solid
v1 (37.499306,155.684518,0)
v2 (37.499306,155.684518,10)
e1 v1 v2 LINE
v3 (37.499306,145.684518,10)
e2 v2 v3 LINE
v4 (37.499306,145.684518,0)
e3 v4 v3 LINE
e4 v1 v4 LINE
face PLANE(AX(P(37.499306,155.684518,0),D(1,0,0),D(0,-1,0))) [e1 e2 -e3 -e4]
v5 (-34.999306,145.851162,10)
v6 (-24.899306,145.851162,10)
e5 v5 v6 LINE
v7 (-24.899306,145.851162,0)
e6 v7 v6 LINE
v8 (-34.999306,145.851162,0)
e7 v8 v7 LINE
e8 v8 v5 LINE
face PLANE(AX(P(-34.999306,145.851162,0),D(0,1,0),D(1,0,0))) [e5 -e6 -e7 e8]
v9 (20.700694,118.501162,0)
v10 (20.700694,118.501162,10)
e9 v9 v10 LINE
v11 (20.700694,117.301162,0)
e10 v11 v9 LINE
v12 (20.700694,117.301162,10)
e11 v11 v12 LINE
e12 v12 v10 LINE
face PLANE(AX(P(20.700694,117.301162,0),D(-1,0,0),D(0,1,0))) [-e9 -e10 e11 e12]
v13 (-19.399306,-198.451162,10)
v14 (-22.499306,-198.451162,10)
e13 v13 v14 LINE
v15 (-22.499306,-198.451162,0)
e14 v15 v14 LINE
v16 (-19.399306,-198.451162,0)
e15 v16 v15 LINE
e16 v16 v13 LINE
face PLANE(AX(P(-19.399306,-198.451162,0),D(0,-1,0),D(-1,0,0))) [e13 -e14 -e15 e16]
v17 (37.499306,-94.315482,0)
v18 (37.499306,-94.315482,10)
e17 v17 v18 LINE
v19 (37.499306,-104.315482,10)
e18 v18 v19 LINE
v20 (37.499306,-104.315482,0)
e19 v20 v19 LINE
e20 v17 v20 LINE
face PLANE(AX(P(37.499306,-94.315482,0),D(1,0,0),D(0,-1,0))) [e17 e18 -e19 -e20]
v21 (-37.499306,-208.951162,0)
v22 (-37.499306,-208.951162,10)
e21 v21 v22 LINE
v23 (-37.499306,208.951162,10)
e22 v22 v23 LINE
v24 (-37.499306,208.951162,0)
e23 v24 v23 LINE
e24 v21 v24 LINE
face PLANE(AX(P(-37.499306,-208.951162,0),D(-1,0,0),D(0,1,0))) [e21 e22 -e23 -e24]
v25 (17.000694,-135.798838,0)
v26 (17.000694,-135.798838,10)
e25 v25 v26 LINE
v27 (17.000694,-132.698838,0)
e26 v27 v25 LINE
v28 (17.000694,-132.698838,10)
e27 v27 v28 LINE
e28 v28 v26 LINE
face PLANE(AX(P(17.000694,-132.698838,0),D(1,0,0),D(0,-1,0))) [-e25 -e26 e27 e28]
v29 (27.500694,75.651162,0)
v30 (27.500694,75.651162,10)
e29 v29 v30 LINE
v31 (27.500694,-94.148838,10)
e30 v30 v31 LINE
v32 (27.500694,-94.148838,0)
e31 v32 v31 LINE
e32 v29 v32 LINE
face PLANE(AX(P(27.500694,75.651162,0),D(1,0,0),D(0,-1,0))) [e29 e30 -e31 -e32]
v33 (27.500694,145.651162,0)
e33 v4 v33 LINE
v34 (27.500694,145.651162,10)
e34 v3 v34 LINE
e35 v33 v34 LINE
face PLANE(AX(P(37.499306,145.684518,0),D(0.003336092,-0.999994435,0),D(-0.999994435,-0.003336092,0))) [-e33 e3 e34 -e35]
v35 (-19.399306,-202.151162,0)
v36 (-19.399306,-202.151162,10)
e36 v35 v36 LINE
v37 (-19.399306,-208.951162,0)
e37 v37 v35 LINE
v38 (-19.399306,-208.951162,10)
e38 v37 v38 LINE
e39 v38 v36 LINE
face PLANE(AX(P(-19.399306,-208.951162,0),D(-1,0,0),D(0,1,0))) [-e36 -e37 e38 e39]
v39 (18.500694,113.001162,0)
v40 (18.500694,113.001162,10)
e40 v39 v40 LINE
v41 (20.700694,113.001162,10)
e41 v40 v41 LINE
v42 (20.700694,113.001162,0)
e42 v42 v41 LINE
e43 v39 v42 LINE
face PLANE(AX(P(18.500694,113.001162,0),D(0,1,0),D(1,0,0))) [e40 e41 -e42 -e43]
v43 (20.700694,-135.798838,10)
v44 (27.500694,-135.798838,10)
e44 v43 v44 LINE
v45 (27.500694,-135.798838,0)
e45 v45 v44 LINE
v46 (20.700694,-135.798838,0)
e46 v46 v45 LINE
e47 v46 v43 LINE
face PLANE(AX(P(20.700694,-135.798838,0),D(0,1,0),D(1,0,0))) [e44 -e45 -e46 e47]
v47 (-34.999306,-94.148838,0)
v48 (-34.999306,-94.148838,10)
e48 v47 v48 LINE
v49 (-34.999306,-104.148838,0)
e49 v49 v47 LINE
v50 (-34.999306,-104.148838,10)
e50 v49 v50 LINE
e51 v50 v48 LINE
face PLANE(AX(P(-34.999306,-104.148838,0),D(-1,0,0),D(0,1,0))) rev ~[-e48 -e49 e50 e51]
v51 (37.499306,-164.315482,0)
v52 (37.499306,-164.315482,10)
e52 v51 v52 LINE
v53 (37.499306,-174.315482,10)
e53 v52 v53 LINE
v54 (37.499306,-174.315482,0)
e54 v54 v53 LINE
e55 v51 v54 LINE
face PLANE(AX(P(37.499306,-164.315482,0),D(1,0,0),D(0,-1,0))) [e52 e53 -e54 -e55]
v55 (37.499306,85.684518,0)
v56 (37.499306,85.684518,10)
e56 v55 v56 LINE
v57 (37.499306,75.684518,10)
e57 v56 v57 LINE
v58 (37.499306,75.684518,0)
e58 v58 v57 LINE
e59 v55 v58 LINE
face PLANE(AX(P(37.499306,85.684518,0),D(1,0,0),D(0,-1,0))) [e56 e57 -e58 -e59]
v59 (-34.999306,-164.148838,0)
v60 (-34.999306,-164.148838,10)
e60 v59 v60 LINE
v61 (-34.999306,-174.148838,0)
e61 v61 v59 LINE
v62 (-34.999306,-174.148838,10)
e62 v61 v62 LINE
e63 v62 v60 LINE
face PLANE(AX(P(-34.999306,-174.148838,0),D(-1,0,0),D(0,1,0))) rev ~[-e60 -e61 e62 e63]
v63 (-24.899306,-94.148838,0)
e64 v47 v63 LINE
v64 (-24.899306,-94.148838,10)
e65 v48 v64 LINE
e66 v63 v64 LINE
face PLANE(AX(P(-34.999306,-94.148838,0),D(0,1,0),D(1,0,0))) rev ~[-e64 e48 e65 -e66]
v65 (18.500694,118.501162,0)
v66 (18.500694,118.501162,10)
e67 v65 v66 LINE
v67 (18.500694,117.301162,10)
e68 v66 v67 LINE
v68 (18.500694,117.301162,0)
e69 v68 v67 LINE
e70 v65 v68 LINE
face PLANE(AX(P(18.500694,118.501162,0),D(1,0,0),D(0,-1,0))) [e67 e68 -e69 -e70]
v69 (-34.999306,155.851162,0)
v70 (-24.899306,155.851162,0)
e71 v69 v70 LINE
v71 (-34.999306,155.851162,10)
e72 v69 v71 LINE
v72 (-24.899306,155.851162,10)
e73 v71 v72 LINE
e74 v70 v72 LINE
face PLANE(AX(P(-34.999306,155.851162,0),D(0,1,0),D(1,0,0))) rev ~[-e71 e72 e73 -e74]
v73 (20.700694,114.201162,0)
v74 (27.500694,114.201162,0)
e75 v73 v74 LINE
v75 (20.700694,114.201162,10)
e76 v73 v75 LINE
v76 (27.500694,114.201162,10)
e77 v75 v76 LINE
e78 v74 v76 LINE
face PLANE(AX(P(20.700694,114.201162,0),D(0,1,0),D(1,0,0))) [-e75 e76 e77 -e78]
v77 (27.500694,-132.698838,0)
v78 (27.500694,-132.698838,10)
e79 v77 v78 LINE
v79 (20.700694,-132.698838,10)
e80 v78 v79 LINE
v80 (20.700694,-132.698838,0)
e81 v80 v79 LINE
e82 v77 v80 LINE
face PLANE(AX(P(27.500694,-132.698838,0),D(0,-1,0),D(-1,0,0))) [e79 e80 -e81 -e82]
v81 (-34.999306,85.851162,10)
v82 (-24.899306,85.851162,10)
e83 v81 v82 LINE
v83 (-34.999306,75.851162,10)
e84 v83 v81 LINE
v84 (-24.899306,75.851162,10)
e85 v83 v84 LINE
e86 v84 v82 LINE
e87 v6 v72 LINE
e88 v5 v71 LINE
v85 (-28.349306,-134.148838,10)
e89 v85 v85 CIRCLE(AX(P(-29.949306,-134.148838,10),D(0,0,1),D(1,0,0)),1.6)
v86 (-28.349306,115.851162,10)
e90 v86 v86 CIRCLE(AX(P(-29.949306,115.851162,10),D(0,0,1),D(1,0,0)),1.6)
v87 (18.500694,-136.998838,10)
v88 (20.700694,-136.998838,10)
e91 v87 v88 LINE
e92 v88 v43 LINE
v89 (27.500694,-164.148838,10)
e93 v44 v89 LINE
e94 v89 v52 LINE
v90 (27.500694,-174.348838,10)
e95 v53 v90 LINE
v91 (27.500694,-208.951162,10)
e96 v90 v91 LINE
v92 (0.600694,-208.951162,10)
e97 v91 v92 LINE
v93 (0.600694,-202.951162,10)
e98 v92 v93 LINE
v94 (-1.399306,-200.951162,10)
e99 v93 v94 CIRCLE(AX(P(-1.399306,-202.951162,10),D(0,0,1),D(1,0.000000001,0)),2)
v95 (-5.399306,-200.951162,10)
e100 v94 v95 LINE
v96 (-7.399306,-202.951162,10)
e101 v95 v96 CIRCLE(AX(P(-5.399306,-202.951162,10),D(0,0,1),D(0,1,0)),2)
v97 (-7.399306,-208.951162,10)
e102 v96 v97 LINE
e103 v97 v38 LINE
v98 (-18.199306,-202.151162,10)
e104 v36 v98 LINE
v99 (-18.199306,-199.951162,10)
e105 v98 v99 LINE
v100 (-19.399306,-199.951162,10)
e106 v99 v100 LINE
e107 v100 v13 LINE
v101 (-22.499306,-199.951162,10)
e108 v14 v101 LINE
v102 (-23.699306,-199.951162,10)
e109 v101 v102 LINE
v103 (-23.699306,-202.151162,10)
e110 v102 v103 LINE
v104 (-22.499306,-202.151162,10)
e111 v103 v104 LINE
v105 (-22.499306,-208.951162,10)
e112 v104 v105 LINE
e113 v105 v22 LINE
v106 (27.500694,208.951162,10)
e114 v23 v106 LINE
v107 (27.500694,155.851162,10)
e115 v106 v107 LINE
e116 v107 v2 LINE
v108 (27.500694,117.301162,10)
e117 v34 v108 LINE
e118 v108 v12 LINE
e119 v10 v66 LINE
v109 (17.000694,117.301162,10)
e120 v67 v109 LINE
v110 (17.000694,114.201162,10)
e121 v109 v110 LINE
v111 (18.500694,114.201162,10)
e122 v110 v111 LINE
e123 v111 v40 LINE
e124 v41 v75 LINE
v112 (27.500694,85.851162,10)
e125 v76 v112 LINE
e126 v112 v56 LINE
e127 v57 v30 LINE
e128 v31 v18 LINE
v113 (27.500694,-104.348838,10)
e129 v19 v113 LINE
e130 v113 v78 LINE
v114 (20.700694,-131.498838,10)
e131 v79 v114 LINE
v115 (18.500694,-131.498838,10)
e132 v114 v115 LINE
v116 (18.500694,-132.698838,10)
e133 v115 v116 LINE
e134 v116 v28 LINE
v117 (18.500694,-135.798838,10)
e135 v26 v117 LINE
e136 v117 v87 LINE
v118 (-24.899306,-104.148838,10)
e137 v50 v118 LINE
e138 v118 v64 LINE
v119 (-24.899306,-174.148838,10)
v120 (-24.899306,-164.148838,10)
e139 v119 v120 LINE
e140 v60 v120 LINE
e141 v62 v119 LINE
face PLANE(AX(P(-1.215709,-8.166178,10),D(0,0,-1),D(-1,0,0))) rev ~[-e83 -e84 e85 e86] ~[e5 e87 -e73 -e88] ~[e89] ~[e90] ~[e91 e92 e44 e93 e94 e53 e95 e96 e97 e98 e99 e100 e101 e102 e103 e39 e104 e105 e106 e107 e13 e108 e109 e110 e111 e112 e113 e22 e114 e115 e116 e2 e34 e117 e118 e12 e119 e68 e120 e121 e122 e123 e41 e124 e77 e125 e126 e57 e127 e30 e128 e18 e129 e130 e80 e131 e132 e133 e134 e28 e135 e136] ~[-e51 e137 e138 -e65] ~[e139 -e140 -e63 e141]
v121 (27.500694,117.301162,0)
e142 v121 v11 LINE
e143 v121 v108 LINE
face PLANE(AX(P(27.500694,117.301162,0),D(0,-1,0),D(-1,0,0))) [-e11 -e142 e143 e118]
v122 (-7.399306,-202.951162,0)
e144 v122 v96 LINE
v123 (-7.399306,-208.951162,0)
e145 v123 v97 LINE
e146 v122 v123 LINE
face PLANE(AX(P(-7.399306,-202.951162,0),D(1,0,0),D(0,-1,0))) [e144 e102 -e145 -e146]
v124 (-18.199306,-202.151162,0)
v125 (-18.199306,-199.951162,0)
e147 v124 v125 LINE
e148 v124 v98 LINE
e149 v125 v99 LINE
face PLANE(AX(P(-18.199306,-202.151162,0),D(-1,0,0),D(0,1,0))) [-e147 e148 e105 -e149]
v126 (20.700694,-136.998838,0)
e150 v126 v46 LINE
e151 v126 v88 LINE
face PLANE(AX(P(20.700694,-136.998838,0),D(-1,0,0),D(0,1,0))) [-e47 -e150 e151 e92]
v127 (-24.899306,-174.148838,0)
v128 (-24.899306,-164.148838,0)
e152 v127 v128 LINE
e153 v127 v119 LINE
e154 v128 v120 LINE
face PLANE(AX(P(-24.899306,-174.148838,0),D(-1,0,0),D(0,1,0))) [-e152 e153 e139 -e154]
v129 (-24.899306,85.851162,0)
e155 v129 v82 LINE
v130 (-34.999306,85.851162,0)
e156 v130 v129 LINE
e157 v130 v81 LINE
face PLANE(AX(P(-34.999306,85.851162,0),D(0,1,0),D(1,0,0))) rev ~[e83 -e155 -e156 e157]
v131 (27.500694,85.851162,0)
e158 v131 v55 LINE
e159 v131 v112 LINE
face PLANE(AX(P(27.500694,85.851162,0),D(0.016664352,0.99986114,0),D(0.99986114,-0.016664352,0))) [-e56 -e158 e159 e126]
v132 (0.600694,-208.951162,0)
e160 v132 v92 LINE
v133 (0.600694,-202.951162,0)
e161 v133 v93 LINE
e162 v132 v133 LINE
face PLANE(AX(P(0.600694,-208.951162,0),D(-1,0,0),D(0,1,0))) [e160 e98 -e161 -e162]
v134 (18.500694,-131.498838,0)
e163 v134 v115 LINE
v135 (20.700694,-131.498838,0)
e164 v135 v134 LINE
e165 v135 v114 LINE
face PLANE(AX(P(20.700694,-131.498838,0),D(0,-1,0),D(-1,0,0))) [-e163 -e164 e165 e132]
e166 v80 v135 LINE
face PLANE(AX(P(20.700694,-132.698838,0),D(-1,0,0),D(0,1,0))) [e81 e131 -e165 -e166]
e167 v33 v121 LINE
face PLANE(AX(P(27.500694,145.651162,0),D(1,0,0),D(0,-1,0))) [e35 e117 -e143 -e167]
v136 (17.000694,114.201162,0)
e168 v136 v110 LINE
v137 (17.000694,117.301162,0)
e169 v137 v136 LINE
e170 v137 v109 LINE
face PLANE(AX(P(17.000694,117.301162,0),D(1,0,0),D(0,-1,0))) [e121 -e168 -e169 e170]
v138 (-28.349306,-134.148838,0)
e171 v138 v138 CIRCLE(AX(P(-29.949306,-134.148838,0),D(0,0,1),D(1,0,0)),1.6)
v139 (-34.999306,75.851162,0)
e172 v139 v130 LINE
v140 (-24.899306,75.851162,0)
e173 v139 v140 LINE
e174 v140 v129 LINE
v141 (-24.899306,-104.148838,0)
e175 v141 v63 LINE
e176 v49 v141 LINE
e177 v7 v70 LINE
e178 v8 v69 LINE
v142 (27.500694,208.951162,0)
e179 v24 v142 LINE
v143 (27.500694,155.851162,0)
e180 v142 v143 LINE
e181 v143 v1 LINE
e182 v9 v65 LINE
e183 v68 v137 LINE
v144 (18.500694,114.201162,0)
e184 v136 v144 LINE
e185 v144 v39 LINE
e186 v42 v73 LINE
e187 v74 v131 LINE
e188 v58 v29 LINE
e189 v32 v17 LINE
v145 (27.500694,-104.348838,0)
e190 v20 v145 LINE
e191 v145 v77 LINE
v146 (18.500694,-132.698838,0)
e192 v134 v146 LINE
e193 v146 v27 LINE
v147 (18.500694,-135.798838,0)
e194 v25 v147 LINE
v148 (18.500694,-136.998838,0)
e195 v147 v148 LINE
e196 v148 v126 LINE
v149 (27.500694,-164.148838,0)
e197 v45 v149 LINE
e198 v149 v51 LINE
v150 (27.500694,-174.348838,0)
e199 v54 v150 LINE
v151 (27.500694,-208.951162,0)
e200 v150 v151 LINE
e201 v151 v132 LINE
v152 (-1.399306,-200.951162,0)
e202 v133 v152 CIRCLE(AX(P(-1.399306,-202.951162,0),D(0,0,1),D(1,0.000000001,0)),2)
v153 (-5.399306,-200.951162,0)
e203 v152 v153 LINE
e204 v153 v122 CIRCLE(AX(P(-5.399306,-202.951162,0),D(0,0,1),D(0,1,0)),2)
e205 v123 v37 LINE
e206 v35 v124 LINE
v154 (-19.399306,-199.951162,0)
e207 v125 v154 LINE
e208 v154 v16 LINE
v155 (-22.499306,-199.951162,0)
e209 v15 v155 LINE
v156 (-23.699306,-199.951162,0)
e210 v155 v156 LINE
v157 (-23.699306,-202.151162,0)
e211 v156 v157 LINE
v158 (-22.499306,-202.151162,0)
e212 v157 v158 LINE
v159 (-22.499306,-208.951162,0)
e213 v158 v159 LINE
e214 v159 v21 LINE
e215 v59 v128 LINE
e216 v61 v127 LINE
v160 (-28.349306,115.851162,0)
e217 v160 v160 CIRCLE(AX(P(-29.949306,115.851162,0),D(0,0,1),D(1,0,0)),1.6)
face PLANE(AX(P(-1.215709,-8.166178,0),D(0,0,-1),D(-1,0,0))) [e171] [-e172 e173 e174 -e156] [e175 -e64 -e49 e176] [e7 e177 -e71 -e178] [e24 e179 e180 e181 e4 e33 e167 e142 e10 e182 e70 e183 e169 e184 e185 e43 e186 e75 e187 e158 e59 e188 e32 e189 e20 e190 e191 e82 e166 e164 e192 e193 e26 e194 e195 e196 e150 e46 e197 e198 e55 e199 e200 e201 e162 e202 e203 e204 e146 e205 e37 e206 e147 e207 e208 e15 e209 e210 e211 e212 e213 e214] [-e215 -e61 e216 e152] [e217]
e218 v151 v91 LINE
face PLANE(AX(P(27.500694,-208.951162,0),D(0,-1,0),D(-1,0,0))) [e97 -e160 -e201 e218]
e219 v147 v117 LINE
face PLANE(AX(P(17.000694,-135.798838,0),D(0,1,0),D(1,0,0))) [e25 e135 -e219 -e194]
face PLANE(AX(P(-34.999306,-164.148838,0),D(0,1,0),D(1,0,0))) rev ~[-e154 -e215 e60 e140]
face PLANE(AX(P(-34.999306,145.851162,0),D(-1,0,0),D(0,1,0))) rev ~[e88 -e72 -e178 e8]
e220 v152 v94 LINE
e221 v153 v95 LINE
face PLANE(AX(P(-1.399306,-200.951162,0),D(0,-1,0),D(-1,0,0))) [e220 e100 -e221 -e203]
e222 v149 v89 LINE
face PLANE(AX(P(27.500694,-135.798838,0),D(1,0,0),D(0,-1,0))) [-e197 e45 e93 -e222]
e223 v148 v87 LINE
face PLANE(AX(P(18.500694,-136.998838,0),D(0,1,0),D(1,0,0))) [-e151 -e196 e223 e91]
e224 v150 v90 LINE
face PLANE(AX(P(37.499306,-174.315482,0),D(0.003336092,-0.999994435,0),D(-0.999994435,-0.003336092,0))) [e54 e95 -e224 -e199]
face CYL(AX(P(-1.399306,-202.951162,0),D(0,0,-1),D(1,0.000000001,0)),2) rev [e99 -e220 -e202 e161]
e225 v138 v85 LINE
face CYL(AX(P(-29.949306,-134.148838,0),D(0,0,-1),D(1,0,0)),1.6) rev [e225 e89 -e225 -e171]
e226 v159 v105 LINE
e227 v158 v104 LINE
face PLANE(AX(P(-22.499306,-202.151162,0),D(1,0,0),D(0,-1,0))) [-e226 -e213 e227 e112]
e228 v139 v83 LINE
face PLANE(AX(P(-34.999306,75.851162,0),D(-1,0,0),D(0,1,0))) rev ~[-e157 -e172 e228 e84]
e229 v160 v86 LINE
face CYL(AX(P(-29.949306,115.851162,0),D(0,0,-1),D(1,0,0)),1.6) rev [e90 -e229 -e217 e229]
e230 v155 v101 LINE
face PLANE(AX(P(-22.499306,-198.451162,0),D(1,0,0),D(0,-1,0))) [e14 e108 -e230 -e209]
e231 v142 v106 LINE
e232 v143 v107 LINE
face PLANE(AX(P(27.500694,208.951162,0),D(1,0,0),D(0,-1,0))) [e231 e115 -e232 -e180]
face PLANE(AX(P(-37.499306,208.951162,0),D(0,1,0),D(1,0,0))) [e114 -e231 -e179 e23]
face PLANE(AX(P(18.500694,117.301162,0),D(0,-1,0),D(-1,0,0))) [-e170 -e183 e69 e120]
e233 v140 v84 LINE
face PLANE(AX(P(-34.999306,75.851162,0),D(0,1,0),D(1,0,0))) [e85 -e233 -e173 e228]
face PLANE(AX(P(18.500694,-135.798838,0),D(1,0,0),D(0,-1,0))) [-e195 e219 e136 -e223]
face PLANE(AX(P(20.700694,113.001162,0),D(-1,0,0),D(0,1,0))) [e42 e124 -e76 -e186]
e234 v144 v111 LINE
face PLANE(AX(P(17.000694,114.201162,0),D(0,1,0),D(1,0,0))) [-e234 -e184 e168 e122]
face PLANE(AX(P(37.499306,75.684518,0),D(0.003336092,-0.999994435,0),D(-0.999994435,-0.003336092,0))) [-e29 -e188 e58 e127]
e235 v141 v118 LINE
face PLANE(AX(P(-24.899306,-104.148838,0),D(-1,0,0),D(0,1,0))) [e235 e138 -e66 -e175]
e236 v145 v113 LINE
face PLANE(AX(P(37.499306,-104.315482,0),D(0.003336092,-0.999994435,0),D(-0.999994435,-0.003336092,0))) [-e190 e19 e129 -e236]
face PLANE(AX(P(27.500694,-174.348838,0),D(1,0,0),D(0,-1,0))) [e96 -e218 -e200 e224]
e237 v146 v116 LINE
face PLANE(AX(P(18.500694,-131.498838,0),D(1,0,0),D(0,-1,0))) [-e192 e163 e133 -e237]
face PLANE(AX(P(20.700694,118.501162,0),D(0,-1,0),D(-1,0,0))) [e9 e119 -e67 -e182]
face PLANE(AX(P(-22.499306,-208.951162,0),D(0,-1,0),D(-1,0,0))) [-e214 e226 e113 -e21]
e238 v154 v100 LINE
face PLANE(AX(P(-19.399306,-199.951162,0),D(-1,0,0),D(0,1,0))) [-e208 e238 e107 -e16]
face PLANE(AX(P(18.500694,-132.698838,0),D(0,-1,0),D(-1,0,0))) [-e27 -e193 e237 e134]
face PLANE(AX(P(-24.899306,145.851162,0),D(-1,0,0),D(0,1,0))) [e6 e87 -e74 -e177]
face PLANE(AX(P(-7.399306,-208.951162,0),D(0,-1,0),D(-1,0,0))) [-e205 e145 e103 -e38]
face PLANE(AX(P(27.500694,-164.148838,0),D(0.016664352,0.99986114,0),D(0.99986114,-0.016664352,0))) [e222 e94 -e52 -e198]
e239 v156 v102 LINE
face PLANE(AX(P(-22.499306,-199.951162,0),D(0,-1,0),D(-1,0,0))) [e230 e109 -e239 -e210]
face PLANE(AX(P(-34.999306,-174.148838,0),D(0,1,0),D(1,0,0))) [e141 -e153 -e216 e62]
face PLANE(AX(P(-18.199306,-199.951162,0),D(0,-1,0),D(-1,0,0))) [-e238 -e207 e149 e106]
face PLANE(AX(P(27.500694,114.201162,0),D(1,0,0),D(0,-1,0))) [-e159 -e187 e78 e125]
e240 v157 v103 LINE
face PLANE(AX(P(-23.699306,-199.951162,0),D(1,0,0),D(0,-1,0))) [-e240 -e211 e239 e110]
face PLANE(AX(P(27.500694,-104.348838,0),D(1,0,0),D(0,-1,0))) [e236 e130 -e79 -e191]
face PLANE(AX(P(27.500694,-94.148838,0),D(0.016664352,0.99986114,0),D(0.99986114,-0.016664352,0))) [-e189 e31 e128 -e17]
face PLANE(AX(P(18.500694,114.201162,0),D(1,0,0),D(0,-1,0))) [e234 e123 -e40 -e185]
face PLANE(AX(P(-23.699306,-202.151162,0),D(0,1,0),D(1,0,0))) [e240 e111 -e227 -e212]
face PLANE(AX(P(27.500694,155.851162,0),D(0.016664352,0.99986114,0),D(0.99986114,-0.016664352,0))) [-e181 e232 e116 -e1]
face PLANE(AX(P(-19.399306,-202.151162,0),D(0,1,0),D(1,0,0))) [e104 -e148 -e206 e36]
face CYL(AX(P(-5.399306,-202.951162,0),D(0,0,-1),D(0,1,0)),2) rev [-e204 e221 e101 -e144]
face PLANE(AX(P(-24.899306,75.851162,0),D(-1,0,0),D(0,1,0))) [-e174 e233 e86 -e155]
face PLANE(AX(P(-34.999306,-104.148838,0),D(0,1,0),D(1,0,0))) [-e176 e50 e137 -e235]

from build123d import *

# Parameters (mm, degrees)
SKETCH_1_R      = 1.6
SKETCH_1_W      = 10.1
SKETCH_1_H      = 10
EXTRUDE_1_DEPTH = 10


with BuildPart() as part:
    # Эскиз1 → Бобышка-Вытянуть1 (new body)
    with BuildSketch(Plane.XY):
        with BuildLine():
            Line((-37.4993057, -208.951162), (-37.4993057, 208.951162))
            Line((-37.4993057, 208.951162), (27.5006943, 208.951162))
            Line((27.5006943, 208.951162), (27.5006943, 155.851162))
            Line((27.5006943, 155.851162), (37.4993057, 155.684518477))
            Line((37.4993057, 155.684518477), (37.4993057, 145.684518477))
            Line((37.4993057, 145.684518477), (27.5006943, 145.651162))
            Line((27.5006943, 145.651162), (27.5006943, 117.301162))
            Line((27.5006943, 117.301162), (20.7006943, 117.301162))
            Line((20.7006943, 117.301162), (20.7006943, 118.501162))
            Line((20.7006943, 118.501162), (18.5006943, 118.501162))
            Line((18.5006943, 118.501162), (18.5006943, 117.301162))
            Line((18.5006943, 117.301162), (17.0006943, 117.301162))
            Line((17.0006943, 117.301162), (17.0006943, 114.201162))
            Line((17.0006943, 114.201162), (18.5006943, 114.201162))
            Line((18.5006943, 114.201162), (18.5006943, 113.001162))
            Line((18.5006943, 113.001162), (20.7006943, 113.001162))
            Line((20.7006943, 113.001162), (20.7006943, 114.201162))
            Line((20.7006943, 114.201162), (27.5006943, 114.201162))
            Line((27.5006943, 114.201162), (27.5006943, 85.851162))
            Line((27.5006943, 85.851162), (37.4993057, 85.684518477))
            Line((37.4993057, 85.684518477), (37.4993057, 75.684518477))
            Line((37.4993057, 75.684518477), (27.5006943, 75.651162))
            Line((27.5006943, 75.651162), (27.5006943, -94.148838))
            Line((27.5006943, -94.148838), (37.4993057, -94.315481523))
            Line((37.4993057, -94.315481523), (37.4993057, -104.315481523))
            Line((37.4993057, -104.315481523), (27.5006943, -104.348838))
            Line((27.5006943, -104.348838), (27.5006943, -132.698838))
            Line((27.5006943, -132.698838), (20.7006943, -132.698838))
            Line((20.7006943, -132.698838), (20.7006943, -131.498838))
            Line((20.7006943, -131.498838), (18.5006943, -131.498838))
            Line((18.5006943, -131.498838), (18.5006943, -132.698838))
            Line((18.5006943, -132.698838), (17.0006943, -132.698838))
            Line((17.0006943, -132.698838), (17.0006943, -135.798838))
            Line((17.0006943, -135.798838), (18.5006943, -135.798838))
            Line((18.5006943, -135.798838), (18.5006943, -136.998838))
            Line((18.5006943, -136.998838), (20.7006943, -136.998838))
            Line((20.7006943, -136.998838), (20.7006943, -135.798838))
            Line((20.7006943, -135.798838), (27.5006943, -135.798838))
            Line((27.5006943, -135.798838), (27.5006943, -164.148838))
            Line((27.5006943, -164.148838), (37.4993057, -164.315481523))
            Line((37.4993057, -164.315481523), (37.4993057, -174.315481523))
            Line((37.4993057, -174.315481523), (27.5006943, -174.348838))
            Line((27.5006943, -174.348838), (27.5006943, -208.951162))
            Line((27.5006943, -208.951162), (0.6006943, -208.951162))
            Line((0.6006943, -208.951162), (0.6006943, -202.951162))
            ThreePointArc((0.6006943, -202.951162), (0.014907862, -201.536948438), (-1.3993057, -200.951162))
            Line((-1.3993057, -200.951162), (-5.3993057, -200.951162))
            ThreePointArc((-5.3993057, -200.951162), (-6.813519263, -201.536948438), (-7.3993057, -202.951162))
            Line((-7.3993057, -202.951162), (-7.3993057, -208.951162))
            Line((-7.3993057, -208.951162), (-19.3993057, -208.951162))
            Line((-19.3993057, -208.951162), (-19.3993057, -202.151162))
            Line((-19.3993057, -202.151162), (-18.1993057, -202.151162))
            Line((-18.1993057, -202.151162), (-18.1993057, -199.951162))
            Line((-18.1993057, -199.951162), (-19.3993057, -199.951162))
            Line((-19.3993057, -199.951162), (-19.3993057, -198.451162))
            Line((-19.3993057, -198.451162), (-22.4993057, -198.451162))
            Line((-22.4993057, -198.451162), (-22.4993057, -199.951162))
            Line((-22.4993057, -199.951162), (-23.6993057, -199.951162))
            Line((-23.6993057, -199.951162), (-23.6993057, -202.151162))
            Line((-23.6993057, -202.151162), (-22.4993057, -202.151162))
            Line((-22.4993057, -202.151162), (-22.4993057, -208.951162))
            Line((-22.4993057, -208.951162), (-37.4993057, -208.951162))
        make_face()
        with Locations((-29.9493057, 115.851162)):
            Circle(SKETCH_1_R, mode=Mode.SUBTRACT)
        with Locations((-29.9493057, -134.148838)):
            Circle(SKETCH_1_R, mode=Mode.SUBTRACT)
        with Locations((-29.9493057, 150.851162)):
            Rectangle(SKETCH_1_W, SKETCH_1_H, mode=Mode.SUBTRACT)
        with Locations((-29.9493057, -169.148838)):
            Rectangle(SKETCH_1_W, SKETCH_1_H, mode=Mode.SUBTRACT)
        with Locations((-29.9493057, 80.851162)):
            Rectangle(SKETCH_1_W, SKETCH_1_H, mode=Mode.SUBTRACT)
        with Locations((-29.9493057, -99.148838)):
            Rectangle(SKETCH_1_W, SKETCH_1_H, mode=Mode.SUBTRACT)
    extrude(amount=EXTRUDE_1_DEPTH)


solid = part.part
